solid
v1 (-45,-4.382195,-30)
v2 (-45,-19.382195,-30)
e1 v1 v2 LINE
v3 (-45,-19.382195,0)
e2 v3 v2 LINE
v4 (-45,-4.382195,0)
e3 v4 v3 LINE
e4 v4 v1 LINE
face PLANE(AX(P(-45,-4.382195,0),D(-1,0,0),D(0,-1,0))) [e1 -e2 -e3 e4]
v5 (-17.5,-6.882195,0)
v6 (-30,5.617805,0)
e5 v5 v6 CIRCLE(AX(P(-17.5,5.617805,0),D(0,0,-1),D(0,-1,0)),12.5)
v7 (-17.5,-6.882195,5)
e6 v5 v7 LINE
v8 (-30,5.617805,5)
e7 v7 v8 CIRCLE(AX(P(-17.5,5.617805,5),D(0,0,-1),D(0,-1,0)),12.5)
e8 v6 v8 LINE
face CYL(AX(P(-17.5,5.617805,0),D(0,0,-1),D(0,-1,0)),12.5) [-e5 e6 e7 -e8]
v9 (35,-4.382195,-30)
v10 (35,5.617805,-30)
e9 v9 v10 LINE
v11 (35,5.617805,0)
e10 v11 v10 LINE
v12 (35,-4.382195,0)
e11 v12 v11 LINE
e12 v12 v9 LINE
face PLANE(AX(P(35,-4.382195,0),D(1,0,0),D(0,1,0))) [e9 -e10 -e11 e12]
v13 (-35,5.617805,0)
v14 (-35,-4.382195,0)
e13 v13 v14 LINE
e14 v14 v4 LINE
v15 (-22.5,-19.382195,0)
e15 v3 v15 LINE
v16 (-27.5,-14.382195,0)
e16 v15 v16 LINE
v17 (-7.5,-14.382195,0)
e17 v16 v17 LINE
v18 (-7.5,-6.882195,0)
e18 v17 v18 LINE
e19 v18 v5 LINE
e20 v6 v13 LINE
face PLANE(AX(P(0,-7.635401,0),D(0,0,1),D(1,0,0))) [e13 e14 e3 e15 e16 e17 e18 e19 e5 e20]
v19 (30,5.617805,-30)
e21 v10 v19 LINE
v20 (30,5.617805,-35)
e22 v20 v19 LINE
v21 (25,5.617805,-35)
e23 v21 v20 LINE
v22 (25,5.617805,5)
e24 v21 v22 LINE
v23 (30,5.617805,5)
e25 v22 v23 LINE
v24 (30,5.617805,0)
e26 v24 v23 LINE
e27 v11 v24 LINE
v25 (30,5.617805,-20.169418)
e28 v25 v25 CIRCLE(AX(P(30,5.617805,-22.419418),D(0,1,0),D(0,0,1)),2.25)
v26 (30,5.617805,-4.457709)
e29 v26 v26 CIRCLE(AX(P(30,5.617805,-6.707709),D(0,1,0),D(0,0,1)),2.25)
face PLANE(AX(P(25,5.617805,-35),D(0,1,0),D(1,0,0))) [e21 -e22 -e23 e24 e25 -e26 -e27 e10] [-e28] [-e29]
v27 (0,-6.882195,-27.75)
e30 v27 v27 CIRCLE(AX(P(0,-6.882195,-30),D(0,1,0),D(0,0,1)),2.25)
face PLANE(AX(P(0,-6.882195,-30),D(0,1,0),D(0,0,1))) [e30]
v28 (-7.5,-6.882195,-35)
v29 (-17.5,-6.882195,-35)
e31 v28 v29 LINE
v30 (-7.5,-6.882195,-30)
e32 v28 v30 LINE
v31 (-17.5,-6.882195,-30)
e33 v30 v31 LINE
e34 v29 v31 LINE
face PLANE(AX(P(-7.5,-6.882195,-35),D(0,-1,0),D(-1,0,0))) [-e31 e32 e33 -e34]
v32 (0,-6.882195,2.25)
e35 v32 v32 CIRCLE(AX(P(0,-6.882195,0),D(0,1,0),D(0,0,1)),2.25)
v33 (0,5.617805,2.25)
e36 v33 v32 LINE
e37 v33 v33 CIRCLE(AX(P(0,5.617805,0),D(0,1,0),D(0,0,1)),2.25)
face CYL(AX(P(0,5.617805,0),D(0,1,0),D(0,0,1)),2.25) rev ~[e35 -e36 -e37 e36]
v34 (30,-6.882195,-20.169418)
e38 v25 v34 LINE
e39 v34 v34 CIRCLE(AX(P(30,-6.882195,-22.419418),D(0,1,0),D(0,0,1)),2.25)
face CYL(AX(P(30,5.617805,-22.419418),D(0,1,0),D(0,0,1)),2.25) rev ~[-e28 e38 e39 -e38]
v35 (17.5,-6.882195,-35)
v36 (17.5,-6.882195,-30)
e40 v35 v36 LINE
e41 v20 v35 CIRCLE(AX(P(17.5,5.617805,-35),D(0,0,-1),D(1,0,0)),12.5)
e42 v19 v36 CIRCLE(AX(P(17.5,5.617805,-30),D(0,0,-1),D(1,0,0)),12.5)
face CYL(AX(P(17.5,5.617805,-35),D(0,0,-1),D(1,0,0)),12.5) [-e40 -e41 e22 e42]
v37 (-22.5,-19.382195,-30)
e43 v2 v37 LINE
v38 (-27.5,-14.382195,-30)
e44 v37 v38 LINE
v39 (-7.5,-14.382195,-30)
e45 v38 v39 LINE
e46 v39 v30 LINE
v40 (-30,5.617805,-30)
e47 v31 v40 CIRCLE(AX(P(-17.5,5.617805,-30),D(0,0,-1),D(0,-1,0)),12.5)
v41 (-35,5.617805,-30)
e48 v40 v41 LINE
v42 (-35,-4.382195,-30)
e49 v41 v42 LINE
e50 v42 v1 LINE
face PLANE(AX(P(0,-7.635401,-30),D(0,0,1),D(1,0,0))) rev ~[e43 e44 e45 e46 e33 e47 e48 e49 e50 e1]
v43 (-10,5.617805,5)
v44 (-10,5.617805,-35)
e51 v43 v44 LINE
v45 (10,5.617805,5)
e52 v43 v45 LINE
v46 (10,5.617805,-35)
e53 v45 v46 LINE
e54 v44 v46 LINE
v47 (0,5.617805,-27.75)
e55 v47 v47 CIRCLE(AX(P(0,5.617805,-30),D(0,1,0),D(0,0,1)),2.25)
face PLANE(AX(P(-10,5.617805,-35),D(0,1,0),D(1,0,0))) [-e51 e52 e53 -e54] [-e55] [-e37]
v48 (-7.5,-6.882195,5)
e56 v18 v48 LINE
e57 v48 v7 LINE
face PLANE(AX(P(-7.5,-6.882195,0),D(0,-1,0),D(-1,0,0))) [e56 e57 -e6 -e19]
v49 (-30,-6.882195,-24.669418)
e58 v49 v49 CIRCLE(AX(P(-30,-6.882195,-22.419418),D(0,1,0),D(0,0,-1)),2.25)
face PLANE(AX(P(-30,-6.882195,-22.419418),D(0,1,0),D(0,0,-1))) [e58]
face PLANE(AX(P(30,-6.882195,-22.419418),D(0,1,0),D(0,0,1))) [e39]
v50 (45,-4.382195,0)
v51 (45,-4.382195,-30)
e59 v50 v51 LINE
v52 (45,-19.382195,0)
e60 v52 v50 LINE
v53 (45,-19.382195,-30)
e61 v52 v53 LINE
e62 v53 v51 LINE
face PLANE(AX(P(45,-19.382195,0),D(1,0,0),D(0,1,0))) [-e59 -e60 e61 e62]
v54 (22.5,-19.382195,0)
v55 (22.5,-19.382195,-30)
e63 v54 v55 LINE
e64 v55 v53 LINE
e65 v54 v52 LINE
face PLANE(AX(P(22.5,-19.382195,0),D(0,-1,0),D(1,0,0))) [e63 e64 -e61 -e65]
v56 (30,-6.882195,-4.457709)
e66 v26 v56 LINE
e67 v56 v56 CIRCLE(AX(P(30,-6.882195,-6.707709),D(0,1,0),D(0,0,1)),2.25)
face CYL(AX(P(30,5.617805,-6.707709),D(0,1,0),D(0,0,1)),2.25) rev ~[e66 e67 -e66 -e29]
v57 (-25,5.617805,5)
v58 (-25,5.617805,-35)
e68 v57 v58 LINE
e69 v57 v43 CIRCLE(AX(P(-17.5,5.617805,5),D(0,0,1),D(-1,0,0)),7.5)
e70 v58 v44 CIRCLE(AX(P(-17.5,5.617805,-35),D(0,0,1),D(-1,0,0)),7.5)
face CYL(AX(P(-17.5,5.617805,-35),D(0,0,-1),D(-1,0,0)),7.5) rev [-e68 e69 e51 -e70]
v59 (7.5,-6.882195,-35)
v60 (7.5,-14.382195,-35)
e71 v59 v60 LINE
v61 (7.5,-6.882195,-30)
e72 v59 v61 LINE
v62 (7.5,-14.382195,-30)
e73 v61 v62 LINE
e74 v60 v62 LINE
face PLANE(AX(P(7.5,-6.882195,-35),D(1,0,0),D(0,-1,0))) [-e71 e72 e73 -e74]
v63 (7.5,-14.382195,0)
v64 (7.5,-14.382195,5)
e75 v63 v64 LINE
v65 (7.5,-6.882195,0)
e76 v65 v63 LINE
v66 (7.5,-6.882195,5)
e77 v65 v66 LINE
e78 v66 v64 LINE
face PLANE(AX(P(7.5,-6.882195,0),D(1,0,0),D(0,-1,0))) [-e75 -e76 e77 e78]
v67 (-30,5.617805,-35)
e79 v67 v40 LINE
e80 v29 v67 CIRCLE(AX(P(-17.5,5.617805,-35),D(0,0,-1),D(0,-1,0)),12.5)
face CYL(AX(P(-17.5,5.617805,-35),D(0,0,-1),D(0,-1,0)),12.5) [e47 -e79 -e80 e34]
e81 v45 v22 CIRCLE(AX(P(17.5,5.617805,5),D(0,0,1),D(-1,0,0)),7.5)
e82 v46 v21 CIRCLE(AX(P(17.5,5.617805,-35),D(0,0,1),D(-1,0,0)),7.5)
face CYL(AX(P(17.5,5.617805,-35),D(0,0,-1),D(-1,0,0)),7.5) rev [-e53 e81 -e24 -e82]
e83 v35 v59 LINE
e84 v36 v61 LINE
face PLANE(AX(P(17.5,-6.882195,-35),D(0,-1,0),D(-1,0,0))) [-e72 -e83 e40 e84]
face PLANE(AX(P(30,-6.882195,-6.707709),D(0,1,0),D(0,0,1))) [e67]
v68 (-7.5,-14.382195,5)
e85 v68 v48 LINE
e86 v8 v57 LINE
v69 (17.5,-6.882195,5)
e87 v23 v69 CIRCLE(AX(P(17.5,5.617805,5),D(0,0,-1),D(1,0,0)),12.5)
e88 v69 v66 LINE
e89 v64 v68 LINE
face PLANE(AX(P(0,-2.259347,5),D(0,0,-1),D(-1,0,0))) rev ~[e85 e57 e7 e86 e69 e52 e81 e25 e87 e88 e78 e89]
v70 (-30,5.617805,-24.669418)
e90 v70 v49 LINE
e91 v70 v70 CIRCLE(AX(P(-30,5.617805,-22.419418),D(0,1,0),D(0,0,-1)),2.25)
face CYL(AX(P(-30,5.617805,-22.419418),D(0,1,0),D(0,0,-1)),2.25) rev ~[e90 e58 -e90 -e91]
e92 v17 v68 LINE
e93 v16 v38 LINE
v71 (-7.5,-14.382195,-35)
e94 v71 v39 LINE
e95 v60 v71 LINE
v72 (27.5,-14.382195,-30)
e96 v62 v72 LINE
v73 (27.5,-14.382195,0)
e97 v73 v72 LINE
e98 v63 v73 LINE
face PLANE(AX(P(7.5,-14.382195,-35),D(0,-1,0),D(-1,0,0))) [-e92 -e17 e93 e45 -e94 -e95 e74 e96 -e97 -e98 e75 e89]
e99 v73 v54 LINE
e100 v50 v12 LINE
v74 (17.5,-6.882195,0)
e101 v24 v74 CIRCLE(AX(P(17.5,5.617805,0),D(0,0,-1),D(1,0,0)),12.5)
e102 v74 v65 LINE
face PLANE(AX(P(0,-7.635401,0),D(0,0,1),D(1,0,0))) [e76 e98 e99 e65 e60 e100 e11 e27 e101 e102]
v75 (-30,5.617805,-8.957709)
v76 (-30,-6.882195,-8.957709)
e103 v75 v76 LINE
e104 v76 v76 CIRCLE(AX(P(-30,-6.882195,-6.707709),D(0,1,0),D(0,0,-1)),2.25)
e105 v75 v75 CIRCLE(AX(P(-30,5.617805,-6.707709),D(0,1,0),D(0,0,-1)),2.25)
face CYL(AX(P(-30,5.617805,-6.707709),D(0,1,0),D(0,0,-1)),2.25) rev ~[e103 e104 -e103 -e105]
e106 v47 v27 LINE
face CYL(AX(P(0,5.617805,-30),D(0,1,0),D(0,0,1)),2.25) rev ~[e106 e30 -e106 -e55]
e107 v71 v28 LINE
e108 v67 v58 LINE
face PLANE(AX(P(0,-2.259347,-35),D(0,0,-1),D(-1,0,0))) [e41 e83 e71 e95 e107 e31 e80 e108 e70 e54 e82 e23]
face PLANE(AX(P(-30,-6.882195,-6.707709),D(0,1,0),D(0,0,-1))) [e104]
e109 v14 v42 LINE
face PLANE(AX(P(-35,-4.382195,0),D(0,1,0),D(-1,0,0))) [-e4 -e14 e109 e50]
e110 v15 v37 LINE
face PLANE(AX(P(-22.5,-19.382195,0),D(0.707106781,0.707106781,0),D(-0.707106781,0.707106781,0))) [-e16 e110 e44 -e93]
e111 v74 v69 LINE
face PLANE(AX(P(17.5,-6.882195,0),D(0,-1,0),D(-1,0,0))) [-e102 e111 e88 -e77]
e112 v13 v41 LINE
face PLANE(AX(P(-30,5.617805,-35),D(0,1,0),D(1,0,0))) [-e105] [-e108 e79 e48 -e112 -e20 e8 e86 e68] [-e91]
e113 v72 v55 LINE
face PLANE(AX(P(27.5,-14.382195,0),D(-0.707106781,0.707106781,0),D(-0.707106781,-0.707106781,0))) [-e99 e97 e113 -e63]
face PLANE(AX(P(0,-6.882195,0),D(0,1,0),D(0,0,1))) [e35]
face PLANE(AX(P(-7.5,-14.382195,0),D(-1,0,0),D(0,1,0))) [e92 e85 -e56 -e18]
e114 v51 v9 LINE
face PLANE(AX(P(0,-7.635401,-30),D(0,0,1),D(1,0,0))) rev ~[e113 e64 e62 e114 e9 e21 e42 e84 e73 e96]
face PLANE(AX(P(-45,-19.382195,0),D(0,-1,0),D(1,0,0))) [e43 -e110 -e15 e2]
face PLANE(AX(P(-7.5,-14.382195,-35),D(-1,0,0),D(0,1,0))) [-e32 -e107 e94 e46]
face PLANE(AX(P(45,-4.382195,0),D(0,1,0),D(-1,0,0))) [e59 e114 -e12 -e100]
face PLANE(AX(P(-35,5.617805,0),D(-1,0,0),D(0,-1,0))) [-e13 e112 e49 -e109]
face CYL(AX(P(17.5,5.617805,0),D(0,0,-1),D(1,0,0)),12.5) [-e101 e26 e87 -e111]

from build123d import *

# Parameters (mm, degrees)
BOSS_EXTRUDE1_DEPTH = 30
BOSS_EXTRUDE2_DEPTH = 5
CUT_EXTRUDE1_START  = -69
CUT_EXTRUDE1_DEPTH  = 69
BOSS_EXTRUDE3_START = 5
BOSS_EXTRUDE3_DEPTH = 5
SKETCH7_R           = 2.25
CUT_EXTRUDE3_DEPTH  = 12.5
SKETCH8_R           = 2.25
CUT_EXTRUDE4_DEPTH  = 12.5


with BuildPart() as part:
    # Sketch1 → Boss-Extrude1 (new body)
    with BuildSketch(Plane.XY):
        Polygon((-27.5, -14.382195086), (27.5, -14.382195086), (22.5, -19.382195086), (45, -19.382195086), (45, -4.382195086), (35, -4.382195086), (35, 5.617804914), (-35, 5.617804914), (-35, -4.382195086), (-45, -4.382195086), (-45, -19.382195086), (-22.5, -19.382195086), align=None)
    extrude(amount=-BOSS_EXTRUDE1_DEPTH)

    # Sketch2 → Boss-Extrude2 (add)
    with BuildSketch(Plane.XY):
        with BuildLine():
            Line((-10, 5.617804914), (10, 5.617804914))
            ThreePointArc((10, 5.617804914), (17.5, -1.882195086), (25, 5.617804914))
            Line((25, 5.617804914), (30, 5.617804914))
            ThreePointArc((30, 5.617804914), (26.338834765, -3.221029851), (17.5, -6.882195086))
            Line((17.5, -6.882195086), (7.5, -6.882195086))
            Line((7.5, -6.882195086), (7.5, -14.382195086))
            Line((7.5, -14.382195086), (-7.5, -14.382195086))
            Line((-7.5, -14.382195086), (-7.5, -6.882195086))
            Line((-7.5, -6.882195086), (-17.5, -6.882195086))
            ThreePointArc((-17.5, -6.882195086), (-26.338834765, -3.221029851), (-30, 5.617804914))
            Line((-30, 5.617804914), (-25, 5.617804914))
            ThreePointArc((-25, 5.617804914), (-17.5, -1.882195086), (-10, 5.617804914))
        make_face()
    extrude(amount=BOSS_EXTRUDE2_DEPTH)

    # Sketch3 → Cut-Extrude1 (cut)
    with BuildSketch(Plane.XY.offset(5).offset(CUT_EXTRUDE1_START)):
        with BuildLine():
            Line((-25, 5.617804914), (-10, 5.617804914))
            ThreePointArc((-10, 5.617804914), (-17.5, -1.882195086), (-25, 5.617804914))
        make_face()
        with BuildLine():
            Line((10, 5.617804914), (25, 5.617804914))
            ThreePointArc((25, 5.617804914), (17.5, -1.882195086), (10, 5.617804914))
        make_face()
    extrude(amount=CUT_EXTRUDE1_DEPTH, mode=Mode.SUBTRACT)

    # Sketch4 → Boss-Extrude3 (add)
    with BuildSketch(Plane(origin=(0, 0, -30), x_dir=(-1, 0, 0), z_dir=(0, 0, -1)).offset(BOSS_EXTRUDE3_START)):
        with BuildLine():
            Line((-17.5, -6.882195086), (-7.5, -6.882195086))
            Line((-7.5, -6.882195086), (-7.5, -14.382195086))
            Line((-7.5, -14.382195086), (7.5, -14.382195086))
            Line((7.5, -14.382195086), (7.5, -6.882195086))
            Line((7.5, -6.882195086), (17.5, -6.882195086))
            ThreePointArc((17.5, -6.882195086), (26.338834765, -3.221029851), (30, 5.617804914))
            Line((30, 5.617804914), (25, 5.617804914))
            ThreePointArc((25, 5.617804914), (17.5, -1.882195086), (10, 5.617804914))
            Line((10, 5.617804914), (-10, 5.617804914))
            ThreePointArc((-10, 5.617804914), (-17.5, -1.882195086), (-25, 5.617804914))
            Line((-25, 5.617804914), (-30, 5.617804914))
            ThreePointArc((-30, 5.617804914), (-26.338834765, -3.221029851), (-17.5, -6.882195086))
        make_face()
    extrude(amount=-BOSS_EXTRUDE3_DEPTH)

    # Sketch7 → Cut-Extrude3 (cut)
    with BuildSketch(Plane(origin=(0, 5.617804914, 0), x_dir=(1, 0, 0), z_dir=(0, 1, 0))):
        with Locations(Location((0, 30, 0), (0, 0, 270))):
            Circle(SKETCH7_R)
        with Locations(Location((0, 0, 0), (0, 0, 270))):
            Circle(SKETCH7_R)
    extrude(amount=-CUT_EXTRUDE3_DEPTH, mode=Mode.SUBTRACT)

    # Sketch8 → Cut-Extrude4 (cut)
    with BuildSketch(Plane(origin=(0, 5.617804914, 0), x_dir=(1, 0, 0), z_dir=(0, 1, 0))):
        with Locations(Location((30, 22.419418388, 0), (0, 0, 270))):
            Circle(SKETCH8_R)
        with Locations(Location((30, 6.707708861, 0), (0, 0, 270))):
            Circle(SKETCH8_R)
        with Locations(Location((-30, 6.707708861, 0), (0, 0, 90))):
            Circle(SKETCH8_R)
        with Locations(Location((-30, 22.419418388, 0), (0, 0, 90))):
            Circle(SKETCH8_R)
    extrude(amount=-CUT_EXTRUDE4_DEPTH, mode=Mode.SUBTRACT)


solid = part.part
